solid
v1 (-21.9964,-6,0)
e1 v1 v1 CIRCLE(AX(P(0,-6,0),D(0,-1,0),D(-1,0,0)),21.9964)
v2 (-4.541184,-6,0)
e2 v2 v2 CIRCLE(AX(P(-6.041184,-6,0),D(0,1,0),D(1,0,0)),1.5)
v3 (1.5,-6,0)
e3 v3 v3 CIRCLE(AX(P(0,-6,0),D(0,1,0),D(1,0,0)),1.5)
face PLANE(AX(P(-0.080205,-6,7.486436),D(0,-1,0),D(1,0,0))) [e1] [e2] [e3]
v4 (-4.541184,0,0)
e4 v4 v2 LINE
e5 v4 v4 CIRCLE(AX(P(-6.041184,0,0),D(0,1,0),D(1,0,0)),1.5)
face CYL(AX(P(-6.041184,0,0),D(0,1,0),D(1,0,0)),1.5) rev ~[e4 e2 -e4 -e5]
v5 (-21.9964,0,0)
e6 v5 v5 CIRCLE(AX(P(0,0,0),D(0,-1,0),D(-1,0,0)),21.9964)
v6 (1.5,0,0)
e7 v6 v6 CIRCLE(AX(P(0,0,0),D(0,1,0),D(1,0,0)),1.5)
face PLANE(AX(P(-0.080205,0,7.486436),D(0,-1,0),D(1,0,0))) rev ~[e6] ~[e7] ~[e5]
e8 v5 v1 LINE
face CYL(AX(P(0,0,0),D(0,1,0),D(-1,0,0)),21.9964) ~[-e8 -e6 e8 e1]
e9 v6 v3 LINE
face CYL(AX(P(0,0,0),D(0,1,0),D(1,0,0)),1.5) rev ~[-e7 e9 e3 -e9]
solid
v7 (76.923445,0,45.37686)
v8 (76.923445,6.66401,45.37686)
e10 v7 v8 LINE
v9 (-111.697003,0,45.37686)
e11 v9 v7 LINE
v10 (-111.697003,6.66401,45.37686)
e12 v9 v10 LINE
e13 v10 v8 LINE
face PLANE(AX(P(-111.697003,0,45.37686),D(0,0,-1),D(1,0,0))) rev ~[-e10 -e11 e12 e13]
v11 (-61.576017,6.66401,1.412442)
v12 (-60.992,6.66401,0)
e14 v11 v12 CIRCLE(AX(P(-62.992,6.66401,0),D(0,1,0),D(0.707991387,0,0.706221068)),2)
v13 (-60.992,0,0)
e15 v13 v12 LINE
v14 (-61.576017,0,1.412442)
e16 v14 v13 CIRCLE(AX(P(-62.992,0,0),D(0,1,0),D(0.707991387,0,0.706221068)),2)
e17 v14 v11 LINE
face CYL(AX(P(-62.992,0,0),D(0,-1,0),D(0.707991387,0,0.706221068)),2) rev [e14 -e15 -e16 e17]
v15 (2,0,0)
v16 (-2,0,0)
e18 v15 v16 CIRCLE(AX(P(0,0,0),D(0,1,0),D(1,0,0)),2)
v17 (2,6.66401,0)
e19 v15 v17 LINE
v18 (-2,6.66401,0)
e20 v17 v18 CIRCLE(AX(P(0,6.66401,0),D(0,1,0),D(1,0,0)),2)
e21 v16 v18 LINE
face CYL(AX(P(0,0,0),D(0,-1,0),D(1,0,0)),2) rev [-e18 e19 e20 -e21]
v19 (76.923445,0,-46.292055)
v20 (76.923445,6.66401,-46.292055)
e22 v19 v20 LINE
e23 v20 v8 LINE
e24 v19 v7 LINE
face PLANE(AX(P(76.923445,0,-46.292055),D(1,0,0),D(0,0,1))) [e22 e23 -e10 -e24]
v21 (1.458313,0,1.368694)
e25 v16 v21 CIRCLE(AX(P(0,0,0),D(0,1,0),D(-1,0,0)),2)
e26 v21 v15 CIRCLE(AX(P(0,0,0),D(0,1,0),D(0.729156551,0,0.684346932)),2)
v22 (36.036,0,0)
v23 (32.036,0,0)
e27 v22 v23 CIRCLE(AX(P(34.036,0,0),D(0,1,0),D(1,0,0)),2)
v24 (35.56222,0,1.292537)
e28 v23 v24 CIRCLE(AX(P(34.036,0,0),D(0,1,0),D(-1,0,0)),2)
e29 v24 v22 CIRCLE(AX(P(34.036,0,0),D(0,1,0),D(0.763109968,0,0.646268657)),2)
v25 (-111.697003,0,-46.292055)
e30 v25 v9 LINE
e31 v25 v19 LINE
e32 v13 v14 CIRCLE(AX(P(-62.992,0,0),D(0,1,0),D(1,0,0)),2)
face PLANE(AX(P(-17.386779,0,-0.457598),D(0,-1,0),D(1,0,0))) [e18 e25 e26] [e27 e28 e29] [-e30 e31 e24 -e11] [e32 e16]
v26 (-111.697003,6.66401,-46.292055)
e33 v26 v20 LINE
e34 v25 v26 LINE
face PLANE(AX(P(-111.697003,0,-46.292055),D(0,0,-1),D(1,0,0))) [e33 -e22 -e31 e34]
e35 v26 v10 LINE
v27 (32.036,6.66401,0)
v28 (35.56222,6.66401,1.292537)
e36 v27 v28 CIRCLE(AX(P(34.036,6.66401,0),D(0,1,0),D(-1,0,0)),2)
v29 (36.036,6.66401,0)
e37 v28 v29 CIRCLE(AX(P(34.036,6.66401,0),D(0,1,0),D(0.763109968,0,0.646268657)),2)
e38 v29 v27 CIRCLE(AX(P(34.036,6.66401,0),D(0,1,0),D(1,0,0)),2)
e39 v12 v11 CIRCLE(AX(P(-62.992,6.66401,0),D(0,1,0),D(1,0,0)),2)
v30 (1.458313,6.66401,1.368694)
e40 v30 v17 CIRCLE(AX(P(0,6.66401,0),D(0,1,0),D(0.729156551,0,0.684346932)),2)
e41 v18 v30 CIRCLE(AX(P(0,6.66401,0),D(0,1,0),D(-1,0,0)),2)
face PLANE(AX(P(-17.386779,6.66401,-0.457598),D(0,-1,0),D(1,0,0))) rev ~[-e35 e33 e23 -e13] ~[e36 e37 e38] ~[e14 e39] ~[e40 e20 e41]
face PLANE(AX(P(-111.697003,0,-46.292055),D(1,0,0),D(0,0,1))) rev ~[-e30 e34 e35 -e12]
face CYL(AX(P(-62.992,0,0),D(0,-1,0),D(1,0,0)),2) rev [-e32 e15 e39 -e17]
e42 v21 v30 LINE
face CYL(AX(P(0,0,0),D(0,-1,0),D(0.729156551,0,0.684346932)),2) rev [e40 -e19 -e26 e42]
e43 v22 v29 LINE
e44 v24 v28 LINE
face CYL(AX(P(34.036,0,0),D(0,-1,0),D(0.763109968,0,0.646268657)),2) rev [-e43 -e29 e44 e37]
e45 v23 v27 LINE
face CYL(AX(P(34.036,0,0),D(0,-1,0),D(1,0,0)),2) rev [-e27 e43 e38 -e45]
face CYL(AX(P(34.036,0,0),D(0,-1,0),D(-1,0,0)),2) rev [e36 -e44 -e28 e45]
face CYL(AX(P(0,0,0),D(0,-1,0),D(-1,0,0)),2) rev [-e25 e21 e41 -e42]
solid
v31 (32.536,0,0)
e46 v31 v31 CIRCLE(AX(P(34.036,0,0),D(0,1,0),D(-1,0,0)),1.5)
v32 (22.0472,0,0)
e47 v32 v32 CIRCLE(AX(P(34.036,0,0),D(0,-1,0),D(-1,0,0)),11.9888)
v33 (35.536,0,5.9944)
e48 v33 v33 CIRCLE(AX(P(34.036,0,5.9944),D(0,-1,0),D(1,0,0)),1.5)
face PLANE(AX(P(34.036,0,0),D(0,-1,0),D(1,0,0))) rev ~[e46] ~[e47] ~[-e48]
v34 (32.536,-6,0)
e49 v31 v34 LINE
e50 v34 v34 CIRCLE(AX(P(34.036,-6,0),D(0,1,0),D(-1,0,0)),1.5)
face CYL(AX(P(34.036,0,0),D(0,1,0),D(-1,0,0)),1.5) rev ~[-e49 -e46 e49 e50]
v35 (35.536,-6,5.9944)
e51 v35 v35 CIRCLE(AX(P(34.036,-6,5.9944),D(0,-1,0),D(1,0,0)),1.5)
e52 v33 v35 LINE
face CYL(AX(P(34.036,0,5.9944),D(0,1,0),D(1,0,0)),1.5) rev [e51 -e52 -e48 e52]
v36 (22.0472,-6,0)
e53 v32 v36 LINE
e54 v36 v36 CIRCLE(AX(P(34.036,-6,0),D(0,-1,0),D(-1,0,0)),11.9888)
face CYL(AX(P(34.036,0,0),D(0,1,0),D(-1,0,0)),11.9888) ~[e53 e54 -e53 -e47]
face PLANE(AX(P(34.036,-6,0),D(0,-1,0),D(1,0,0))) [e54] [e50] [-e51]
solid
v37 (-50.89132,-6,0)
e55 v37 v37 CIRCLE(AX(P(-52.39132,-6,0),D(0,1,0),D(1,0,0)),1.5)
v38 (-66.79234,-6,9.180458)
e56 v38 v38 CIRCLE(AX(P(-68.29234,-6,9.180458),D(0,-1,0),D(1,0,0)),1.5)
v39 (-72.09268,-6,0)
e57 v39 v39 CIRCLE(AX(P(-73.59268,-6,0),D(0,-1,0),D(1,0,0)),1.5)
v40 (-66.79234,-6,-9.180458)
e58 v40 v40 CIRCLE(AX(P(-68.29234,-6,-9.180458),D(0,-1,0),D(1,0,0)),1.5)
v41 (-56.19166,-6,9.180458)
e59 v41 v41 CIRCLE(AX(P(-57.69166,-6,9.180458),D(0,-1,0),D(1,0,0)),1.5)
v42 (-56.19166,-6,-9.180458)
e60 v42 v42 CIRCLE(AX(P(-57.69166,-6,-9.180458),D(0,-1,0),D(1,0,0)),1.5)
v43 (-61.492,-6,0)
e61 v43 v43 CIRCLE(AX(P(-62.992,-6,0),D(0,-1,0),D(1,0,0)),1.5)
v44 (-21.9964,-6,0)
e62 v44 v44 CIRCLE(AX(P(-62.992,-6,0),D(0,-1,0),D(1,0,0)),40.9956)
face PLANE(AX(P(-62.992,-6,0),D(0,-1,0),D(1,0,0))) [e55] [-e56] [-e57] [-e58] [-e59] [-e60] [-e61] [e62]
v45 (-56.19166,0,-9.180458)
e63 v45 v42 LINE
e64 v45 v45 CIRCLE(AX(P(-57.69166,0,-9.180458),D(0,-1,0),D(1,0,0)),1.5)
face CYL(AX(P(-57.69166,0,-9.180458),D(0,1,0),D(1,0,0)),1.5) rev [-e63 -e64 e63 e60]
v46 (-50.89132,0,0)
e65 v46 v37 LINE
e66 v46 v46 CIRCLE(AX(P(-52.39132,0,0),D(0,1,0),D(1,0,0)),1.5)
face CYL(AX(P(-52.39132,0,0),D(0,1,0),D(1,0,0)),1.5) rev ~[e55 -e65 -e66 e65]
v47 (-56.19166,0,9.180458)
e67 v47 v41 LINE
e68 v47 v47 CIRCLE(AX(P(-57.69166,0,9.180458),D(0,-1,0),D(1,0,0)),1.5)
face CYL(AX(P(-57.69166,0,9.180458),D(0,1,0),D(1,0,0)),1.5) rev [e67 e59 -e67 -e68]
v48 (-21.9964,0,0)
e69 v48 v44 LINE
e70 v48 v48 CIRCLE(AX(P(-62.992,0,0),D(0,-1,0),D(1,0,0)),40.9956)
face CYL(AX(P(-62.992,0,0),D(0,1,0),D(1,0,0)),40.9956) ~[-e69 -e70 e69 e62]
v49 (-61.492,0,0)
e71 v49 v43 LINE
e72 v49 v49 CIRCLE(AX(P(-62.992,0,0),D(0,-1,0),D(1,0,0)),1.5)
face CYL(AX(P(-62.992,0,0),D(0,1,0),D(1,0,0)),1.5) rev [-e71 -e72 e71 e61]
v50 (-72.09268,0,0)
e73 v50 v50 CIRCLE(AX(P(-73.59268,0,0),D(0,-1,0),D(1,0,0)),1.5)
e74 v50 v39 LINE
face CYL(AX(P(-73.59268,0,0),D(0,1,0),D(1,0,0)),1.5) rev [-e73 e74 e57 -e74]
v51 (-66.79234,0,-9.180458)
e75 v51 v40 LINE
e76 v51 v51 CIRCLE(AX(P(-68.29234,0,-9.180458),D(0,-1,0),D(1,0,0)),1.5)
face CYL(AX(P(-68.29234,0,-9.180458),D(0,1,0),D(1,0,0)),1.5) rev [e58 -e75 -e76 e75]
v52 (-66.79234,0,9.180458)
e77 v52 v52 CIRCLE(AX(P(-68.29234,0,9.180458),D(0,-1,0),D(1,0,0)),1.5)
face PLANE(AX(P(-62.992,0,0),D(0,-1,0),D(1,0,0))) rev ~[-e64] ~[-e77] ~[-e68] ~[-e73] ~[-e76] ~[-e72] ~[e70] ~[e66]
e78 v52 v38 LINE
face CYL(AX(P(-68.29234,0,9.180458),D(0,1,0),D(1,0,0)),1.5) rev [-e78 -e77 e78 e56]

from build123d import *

# Parameters (mm, degrees)
F0_R     = 40.9956
F0_R_2   = 1.5
F1_DEPTH = 6
F2_W     = 188.6204481125
F2_H     = 91.6689150035
F3_DEPTH = 6.66401


with BuildPart() as f1:
    # F0 (on Front) → F1 (new body)
    with BuildSketch(Plane.XZ):
        with Locations((-62.992, 0)):
            Circle(F0_R)
        with Locations((-68.2923400796, -9.1804582301)):
            Circle(F0_R_2, mode=Mode.SUBTRACT)
        with Locations((-57.6916599868, -9.1804582684)):
            Circle(F0_R_2, mode=Mode.SUBTRACT)
        with BuildLine():
            ThreePointArc((-53.8913199146, 0), (-52.3913199018, 1.4999999745), (-50.8913199146, -2.55e-08))
            ThreePointArc((-50.8913199146, -2.55e-08), (-52.3913199274, -1.5000000255), (-53.8913199146, 0))
        make_face(mode=Mode.SUBTRACT)
        with Locations((-73.5926800854, 0)):
            Circle(F0_R_2, mode=Mode.SUBTRACT)
        with Locations((-68.2923400353, 9.1804582556)):
            Circle(F0_R_2, mode=Mode.SUBTRACT)
        with Locations((-62.992, 0)):
            Circle(F0_R_2, mode=Mode.SUBTRACT)
        with Locations((-57.6916599425, 9.1804582428)):
            Circle(F0_R_2, mode=Mode.SUBTRACT)
    extrude(amount=F1_DEPTH)


with BuildPart() as f1b:
    # F0 (on Front) → F1, piece 2 (new body)
    with BuildSketch(Plane.XZ):
        with BuildLine():
            Line((1.5, 0), (21.9964, 0))
            ThreePointArc((21.9964, 0), (0, 21.9964), (-21.9964, 0))
            Line((-21.9964, 0), (-7.5411840677, 0))
            ThreePointArc((-7.5411840677, 0), (-6.0411840677, 1.5), (-4.5411840677, 0))
            Line((-4.5411840677, 0), (-1.5, 0))
            ThreePointArc((-1.5, 0), (0, 1.5), (1.5, 0))
        make_face()
        with BuildLine():
            ThreePointArc((-21.9964, 0), (0, -21.9964), (21.9964, 0))
            Line((21.9964, 0), (1.5, 0))
            ThreePointArc((1.5, 0), (0, -1.5), (-1.5, 0))
            Line((-1.5, 0), (-4.5411840677, 0))
            ThreePointArc((-4.5411840677, 0), (-6.0411840677, -1.5), (-7.5411840677, 0))
            Line((-7.5411840677, 0), (-21.9964, 0))
        make_face()
    extrude(amount=F1_DEPTH)


with BuildPart() as f1c:
    # F0 (on Front) → F1, piece 3 (new body)
    with BuildSketch(Plane.XZ):
        with BuildLine():
            ThreePointArc((46.0248, 0), (34.036, 11.9888), (22.0472, 0))
            ThreePointArc((22.0472, 0), (34.036, -11.9888), (46.0248, 0))
        make_face()
        with BuildLine():
            ThreePointArc((35.536, 0), (34.036, -1.5), (32.536, 0))
            ThreePointArc((32.536, 0), (34.036, 1.5), (35.536, 0))
        make_face(mode=Mode.SUBTRACT)
        with Locations((34.036, 5.9944)):
            Circle(F0_R_2, mode=Mode.SUBTRACT)
    extrude(amount=F1_DEPTH)


with BuildPart() as f3:
    # F2 (on Front) → F3 (new body)
    with BuildSketch(Plane.XZ):
        with Locations((-17.3867791891, -0.4575978965)):
            Rectangle(F2_W, F2_H)
        with BuildLine():
            ThreePointArc((-61.5760172269, 1.4124421355), (-61.143762252, 0.7642101981), (-60.992, 0))
            ThreePointArc((-60.992, 0), (-64.840237748, -0.7642101981), (-61.5760172269, 1.4124421355))
        make_face(mode=Mode.SUBTRACT)
        with BuildLine():
            ThreePointArc((2, 0), (0, -2), (-2, 0))
            ThreePointArc((-2, 0), (-0.7359938163, 1.8596540276), (1.4583131024, 1.3686938648))
            ThreePointArc((1.4583131024, 1.3686938648), (1.8596540276, 0.7359938163), (2, 0))
        make_face(mode=Mode.SUBTRACT)
        with BuildLine():
            ThreePointArc((36.036, 0), (34.036, -2), (32.036, 0))
            ThreePointArc((32.036, 0), (33.3476831661, 1.8778231909), (35.5622199361, 1.2925373134))
            ThreePointArc((35.5622199361, 1.2925373134), (35.9138231909, 0.6883168339), (36.036, 0))
        make_face(mode=Mode.SUBTRACT)
    extrude(amount=-F3_DEPTH)


solid = Compound([f1.part, f1b.part, f1c.part, f3.part])
